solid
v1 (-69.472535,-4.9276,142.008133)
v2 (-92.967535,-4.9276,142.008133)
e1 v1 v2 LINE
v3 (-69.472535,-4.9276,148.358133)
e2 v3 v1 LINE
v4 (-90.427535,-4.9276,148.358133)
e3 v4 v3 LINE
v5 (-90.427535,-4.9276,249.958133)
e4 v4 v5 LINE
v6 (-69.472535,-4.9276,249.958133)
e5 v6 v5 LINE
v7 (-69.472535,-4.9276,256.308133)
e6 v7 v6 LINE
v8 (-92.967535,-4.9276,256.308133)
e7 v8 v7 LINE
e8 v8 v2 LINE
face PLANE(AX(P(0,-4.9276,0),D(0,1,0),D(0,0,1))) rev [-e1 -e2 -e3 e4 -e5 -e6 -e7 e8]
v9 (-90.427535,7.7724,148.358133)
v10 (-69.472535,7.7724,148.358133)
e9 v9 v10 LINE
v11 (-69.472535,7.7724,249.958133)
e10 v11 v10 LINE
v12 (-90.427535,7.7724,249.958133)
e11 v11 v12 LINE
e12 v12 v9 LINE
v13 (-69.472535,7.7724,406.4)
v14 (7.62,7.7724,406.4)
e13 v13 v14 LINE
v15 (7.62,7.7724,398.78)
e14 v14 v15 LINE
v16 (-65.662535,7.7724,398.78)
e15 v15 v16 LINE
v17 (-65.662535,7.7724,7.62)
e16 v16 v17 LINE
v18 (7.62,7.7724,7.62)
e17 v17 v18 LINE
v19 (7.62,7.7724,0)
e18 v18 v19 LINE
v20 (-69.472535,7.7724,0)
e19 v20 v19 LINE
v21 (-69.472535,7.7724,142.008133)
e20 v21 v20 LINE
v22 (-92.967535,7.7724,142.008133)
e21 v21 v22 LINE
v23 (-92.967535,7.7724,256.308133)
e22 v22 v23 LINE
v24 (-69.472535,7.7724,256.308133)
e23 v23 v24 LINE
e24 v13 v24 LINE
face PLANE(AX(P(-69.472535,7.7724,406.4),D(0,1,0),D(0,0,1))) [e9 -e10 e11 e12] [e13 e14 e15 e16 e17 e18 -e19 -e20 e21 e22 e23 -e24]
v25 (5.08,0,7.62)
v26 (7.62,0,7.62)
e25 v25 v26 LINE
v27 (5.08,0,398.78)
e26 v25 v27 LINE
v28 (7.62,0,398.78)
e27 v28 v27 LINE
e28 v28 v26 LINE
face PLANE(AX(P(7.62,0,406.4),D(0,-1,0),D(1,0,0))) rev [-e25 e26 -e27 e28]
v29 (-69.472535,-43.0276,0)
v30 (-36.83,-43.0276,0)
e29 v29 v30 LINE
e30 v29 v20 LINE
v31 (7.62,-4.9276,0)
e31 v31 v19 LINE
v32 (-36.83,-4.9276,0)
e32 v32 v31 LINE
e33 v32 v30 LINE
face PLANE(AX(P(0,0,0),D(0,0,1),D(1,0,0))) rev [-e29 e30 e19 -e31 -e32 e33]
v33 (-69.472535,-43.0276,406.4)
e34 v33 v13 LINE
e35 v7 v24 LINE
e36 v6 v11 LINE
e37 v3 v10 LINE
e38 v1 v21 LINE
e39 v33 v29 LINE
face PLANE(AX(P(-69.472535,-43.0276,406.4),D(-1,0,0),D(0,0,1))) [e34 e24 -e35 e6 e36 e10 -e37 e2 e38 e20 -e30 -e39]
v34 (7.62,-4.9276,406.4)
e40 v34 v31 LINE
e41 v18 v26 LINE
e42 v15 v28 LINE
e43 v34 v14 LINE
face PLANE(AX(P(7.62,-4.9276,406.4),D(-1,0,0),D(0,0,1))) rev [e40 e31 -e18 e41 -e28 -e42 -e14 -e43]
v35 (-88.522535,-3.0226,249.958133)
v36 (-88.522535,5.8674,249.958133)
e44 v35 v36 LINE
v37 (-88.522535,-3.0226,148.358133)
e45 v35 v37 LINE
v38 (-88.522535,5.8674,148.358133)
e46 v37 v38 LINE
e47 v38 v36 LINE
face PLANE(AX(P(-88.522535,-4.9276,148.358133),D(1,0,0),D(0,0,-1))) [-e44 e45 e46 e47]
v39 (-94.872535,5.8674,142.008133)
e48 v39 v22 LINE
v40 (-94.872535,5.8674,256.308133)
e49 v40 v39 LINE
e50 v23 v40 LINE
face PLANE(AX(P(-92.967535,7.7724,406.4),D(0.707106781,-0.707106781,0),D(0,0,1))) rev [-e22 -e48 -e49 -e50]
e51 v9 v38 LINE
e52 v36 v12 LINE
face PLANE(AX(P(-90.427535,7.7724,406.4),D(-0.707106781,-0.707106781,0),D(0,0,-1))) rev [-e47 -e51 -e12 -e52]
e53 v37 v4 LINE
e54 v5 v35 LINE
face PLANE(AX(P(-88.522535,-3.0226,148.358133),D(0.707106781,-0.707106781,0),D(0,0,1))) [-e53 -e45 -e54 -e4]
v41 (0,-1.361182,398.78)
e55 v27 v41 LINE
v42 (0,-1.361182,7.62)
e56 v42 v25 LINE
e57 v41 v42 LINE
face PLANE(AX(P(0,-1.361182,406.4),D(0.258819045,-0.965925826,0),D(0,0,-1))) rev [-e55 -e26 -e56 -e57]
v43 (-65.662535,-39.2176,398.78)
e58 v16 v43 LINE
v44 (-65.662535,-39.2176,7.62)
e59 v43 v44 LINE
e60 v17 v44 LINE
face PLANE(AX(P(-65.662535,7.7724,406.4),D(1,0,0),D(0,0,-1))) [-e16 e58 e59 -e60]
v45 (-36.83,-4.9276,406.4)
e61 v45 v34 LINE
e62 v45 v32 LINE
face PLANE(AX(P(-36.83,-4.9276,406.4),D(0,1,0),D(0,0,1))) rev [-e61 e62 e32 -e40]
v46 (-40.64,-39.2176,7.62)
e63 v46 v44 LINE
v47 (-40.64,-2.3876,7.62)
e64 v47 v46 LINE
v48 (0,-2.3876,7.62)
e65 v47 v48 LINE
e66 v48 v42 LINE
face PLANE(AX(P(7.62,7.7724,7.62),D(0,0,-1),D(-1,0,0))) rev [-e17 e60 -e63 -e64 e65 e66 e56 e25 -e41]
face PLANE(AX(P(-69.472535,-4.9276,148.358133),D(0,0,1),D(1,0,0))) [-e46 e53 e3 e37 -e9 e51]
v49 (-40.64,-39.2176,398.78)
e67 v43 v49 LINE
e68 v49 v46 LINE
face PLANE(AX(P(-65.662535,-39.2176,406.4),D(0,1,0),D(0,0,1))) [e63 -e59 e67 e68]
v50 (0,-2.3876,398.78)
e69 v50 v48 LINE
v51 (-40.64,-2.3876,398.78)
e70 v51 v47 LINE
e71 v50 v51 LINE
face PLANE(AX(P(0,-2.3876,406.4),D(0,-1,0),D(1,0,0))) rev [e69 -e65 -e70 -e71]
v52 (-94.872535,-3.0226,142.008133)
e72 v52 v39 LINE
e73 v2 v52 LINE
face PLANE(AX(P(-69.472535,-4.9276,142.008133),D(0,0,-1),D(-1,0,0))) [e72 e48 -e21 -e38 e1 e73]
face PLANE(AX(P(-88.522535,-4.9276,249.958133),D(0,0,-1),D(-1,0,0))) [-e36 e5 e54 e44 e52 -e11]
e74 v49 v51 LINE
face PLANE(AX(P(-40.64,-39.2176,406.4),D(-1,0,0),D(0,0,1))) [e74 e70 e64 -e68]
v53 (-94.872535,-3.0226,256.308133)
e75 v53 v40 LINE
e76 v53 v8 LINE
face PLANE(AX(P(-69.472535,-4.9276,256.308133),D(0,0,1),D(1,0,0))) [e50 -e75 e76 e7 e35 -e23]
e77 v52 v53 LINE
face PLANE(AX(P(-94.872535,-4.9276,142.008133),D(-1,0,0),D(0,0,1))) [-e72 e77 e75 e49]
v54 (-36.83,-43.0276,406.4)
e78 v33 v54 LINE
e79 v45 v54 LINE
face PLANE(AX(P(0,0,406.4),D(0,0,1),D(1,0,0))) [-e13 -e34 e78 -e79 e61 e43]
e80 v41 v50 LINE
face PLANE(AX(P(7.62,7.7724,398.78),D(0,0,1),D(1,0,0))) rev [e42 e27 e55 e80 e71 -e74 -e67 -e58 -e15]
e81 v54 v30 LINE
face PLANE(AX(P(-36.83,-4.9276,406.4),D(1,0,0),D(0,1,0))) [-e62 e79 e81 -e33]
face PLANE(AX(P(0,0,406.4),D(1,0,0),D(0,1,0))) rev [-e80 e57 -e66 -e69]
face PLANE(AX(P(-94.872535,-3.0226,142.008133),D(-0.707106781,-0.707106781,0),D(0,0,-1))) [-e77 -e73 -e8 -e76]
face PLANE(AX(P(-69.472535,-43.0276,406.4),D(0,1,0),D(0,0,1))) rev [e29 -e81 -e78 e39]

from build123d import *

# Parameters (mm, degrees)
BOSS_EXTRUDE1_DEPTH = 406.4
SKETCH4_W           = 73.282534648
SKETCH4_H           = 7.62
BOSS_EXTRUDE4_DEPTH = 10.16
BOSS_EXTRUDE5_START = -7.62
SKETCH7_W           = 25.022534648
SKETCH7_H           = 36.83
BOSS_EXTRUDE5_DEPTH = 7.62
BOSS_EXTRUDE6_START = -7.62
SKETCH11_W          = 25.022534648
SKETCH11_H          = 36.83
BOSS_EXTRUDE6_DEPTH = 7.62
BOSS_EXTRUDE7_DEPTH = 12.7
CHAMFER3_SIZE       = 1.905
CHAMFER4_SIZE       = 5.08
CHAMFER4_SIZE2      = 1.361181898


with BuildPart() as part:
    # Sketch1 → Boss-Extrude1 (new body)
    with BuildSketch(Plane.XY):
        Polygon((-36.83, -4.9276), (7.62, -4.9276), (7.62, 0), (0, 0), (0, -2.3876), (-29.21, -2.3876), (-40.64, -2.3876), (-40.64, -39.2176), (-65.662534648, -39.2176), (-65.662534648, 7.7724), (-69.472534648, 7.7724), (-69.472534648, -43.0276), (-36.83, -43.0276), align=None)
    extrude(amount=BOSS_EXTRUDE1_DEPTH)

    # Sketch4 → Boss-Extrude4 (add)
    with BuildSketch(Plane(origin=(0, -2.3876, 0), x_dir=(1, 0, 0), z_dir=(0, 1, 0))):
        with Locations((-29.021267324, -402.59)):
            Rectangle(SKETCH4_W, SKETCH4_H)
        with Locations((-29.021267324, -3.81)):
            Rectangle(SKETCH4_W, SKETCH4_H)
    extrude(amount=BOSS_EXTRUDE4_DEPTH)

    # Sketch7 → Boss-Extrude5 (add)
    with BuildSketch(Plane.XY.offset(406.4).offset(BOSS_EXTRUDE5_START)):
        with Locations((-53.151267324, -20.8026)):
            Rectangle(SKETCH7_W, SKETCH7_H)
    extrude(amount=BOSS_EXTRUDE5_DEPTH)

    # Sketch11 → Boss-Extrude6 (add)
    with BuildSketch(Plane(origin=(0, 0, 0), x_dir=(-1, 0, 0), z_dir=(0, 0, -1)).offset(BOSS_EXTRUDE6_START)):
        with Locations((53.151267324, -20.8026)):
            Rectangle(SKETCH11_W, SKETCH11_H)
    extrude(amount=BOSS_EXTRUDE6_DEPTH)

    # Sketch15 → Boss-Extrude7 (add)
    with BuildSketch(Plane(origin=(0, 7.7724, 0), x_dir=(1, 0, 0), z_dir=(0, 1, 0))):
        Polygon((-69.472534648, -256.308132937), (-69.472534648, -249.958132937), (-88.522534648, -249.958132937), (-88.522534648, -148.358132937), (-69.472534648, -148.358132937), (-69.472534648, -142.008132937), (-94.872534648, -142.008132937), (-94.872534648, -256.308132937), align=None)
    extrude(amount=-BOSS_EXTRUDE7_DEPTH)

    # Chamfer3
    chamfer3_edges = [part.edges().sort_by_distance(p)[0] for p in [
        (-88.522534648, -4.9276, 199.158132937),
        (-94.872534648, -4.9276, 199.158132937),
        (-94.872534648, 7.7724, 199.158132937),
        (-88.522534648, 7.7724, 199.158132937),
    ]]
    chamfer(chamfer3_edges, length=CHAMFER3_SIZE)

    # Chamfer4
    chamfer4_edges = [part.edges().sort_by_distance(p)[0] for p in [
        (0, 0, 203.2),
    ]]
    chamfer4_side = [part.faces().sort_by_distance(p)[0] for p in [
        (3.81, 0, 203.2),
    ]]
    chamfer(chamfer4_edges, length=CHAMFER4_SIZE, length2=CHAMFER4_SIZE2, reference=chamfer4_side[0])


solid = part.part
